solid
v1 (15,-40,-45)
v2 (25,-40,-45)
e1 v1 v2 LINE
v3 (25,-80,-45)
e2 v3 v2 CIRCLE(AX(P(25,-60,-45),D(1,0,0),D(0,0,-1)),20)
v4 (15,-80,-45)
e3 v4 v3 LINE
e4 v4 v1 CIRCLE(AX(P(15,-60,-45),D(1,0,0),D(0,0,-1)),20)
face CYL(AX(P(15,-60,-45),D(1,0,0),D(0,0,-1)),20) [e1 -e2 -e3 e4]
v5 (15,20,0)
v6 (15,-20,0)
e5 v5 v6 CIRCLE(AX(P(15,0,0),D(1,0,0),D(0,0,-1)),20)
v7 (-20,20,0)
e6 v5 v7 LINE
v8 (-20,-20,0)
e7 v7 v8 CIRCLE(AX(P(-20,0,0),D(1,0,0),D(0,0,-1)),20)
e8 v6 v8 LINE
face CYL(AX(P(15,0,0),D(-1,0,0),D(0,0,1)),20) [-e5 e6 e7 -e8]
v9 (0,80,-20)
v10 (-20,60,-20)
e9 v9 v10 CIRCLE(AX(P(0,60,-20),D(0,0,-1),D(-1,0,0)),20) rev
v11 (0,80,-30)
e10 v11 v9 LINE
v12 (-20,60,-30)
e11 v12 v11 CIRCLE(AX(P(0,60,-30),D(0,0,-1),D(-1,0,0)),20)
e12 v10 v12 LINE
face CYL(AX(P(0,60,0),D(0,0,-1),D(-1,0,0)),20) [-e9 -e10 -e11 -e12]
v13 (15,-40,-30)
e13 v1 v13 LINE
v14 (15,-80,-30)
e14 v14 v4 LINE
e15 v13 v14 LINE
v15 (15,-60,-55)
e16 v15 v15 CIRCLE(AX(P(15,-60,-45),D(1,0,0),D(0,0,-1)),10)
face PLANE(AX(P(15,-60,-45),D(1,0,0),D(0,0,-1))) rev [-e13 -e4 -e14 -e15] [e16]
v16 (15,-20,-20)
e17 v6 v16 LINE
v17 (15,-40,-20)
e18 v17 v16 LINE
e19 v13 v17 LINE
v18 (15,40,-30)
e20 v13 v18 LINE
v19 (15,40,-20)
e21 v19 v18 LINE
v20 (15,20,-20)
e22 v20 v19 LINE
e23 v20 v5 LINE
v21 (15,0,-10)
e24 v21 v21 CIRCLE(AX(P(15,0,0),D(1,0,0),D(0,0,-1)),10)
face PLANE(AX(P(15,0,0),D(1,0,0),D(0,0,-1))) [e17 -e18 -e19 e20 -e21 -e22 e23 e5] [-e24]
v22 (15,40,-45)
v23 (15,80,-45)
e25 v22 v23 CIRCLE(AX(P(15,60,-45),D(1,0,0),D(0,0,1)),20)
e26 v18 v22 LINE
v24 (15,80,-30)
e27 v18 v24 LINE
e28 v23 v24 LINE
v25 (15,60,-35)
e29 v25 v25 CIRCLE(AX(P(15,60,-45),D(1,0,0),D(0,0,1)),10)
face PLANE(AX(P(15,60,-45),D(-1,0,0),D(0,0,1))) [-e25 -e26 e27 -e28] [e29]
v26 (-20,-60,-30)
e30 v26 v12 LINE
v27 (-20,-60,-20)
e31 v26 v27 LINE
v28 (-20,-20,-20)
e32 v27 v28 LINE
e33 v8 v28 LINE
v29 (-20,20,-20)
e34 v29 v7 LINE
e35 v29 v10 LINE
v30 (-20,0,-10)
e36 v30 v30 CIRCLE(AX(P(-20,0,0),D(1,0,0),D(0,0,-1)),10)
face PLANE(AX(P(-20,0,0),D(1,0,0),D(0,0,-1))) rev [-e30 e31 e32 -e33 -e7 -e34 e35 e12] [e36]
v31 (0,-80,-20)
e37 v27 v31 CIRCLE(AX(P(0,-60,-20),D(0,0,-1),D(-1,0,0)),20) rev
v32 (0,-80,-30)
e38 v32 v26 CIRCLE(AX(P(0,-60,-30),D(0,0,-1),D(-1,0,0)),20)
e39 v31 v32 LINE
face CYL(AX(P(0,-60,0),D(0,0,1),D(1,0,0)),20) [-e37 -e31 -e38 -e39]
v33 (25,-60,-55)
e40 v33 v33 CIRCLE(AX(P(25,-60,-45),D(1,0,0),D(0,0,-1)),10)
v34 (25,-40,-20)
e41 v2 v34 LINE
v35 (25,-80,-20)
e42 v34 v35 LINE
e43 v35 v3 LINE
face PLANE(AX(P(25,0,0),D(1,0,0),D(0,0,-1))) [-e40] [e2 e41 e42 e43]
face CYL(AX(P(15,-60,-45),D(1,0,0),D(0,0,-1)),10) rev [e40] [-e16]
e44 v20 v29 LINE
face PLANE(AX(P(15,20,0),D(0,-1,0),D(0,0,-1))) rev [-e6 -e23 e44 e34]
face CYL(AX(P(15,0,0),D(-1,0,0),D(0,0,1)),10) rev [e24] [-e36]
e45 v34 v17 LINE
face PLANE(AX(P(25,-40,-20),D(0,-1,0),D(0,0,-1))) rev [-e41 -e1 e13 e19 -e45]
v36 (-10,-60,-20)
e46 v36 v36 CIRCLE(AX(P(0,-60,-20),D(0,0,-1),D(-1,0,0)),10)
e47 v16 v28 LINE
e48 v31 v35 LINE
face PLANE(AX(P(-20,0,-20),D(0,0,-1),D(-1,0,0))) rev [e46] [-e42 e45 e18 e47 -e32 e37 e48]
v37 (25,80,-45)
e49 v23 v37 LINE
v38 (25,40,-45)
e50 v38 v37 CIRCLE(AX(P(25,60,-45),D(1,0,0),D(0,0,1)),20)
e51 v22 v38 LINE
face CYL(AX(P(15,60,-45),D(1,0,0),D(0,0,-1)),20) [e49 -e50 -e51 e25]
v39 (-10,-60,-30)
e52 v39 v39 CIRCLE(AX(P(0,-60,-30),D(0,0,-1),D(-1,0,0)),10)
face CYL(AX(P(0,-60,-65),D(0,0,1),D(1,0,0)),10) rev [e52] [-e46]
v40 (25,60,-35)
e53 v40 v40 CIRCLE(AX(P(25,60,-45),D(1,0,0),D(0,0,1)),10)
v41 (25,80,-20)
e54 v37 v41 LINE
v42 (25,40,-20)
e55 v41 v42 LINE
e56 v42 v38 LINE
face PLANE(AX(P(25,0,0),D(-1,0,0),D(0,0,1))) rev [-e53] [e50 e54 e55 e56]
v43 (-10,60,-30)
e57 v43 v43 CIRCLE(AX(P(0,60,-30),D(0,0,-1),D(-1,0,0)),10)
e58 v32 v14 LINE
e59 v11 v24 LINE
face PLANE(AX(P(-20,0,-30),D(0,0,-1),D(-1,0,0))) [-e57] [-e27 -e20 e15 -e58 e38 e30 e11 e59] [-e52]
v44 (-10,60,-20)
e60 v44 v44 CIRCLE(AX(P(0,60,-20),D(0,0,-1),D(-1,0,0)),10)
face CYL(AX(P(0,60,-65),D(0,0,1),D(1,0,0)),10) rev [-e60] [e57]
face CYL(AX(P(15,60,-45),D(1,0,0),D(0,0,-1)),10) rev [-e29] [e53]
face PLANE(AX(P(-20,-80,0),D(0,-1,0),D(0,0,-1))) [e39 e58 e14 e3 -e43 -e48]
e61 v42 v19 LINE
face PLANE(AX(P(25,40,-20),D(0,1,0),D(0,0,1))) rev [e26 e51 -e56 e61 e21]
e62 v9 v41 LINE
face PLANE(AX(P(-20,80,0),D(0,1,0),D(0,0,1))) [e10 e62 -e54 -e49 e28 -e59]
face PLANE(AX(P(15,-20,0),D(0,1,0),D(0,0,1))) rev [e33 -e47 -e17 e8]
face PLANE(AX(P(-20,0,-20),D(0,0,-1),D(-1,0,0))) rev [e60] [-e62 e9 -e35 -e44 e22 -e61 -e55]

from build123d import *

# Parameters (mm, degrees)
BOSS_EXTRUDE1_DEPTH     = 20
BOSS_EXTRUDE2_DEPTH     = 15
SKETCH1_4_R             = 10
BOSS_EXTRUDE3_DEPTH     = 15
BOSS_EXTRUDE4_START     = -20
SKETCH1_5_R             = 10
BOSS_EXTRUDE4_DEPTH     = 20
FILLET1_R               = 20
SKETCH2_W               = 40
SKETCH2_H               = 10
BOSS_EXTRUDE5_DEPTH     = 10
SKETCH3_R               = 10
BOSS_EXTRUDE6_DEPTH     = 10
CUT_EXTRUDE1_DEPTH      = 107.066017178
CUT_EXTRUDE1_DEPTH_BACK = 107.066017178
SKETCH4_R               = 10


with BuildPart() as part:
    # Sketch1 → Boss-Extrude1 (new body)
    with BuildSketch(Plane.YZ):
        Polygon((20, -20), (-20, -20), (-80, -20), (-80, -30), (80, -30), (80, -20), align=None)
    extrude(amount=-BOSS_EXTRUDE1_DEPTH)

    # Sketch1<3> → Boss-Extrude2 (add)
    with BuildSketch(Plane.YZ):
        Polygon((20, -20), (-20, -20), (-80, -20), (-80, -30), (80, -30), (80, -20), align=None)
    extrude(amount=BOSS_EXTRUDE2_DEPTH)

    # Sketch1<4> → Boss-Extrude3 (add)
    with BuildSketch(Plane.YZ):
        with BuildLine():
            ThreePointArc((20, 0), (0, 20), (-20, 0))
            Line((-20, 0), (-20, -20))
            Line((-20, -20), (20, -20))
            Line((20, -20), (20, 0))
        make_face()
        Circle(SKETCH1_4_R, mode=Mode.SUBTRACT)
    extrude(amount=BOSS_EXTRUDE3_DEPTH)

    # Sketch1<5> → Boss-Extrude4 (add)
    with BuildSketch(Plane.YZ.offset(BOSS_EXTRUDE4_START)):
        with BuildLine():
            ThreePointArc((20, 0), (0, 20), (-20, 0))
            Line((-20, 0), (-20, -20))
            Line((-20, -20), (20, -20))
            Line((20, -20), (20, 0))
        make_face()
        Circle(SKETCH1_5_R, mode=Mode.SUBTRACT)
    extrude(amount=BOSS_EXTRUDE4_DEPTH)

    # Fillet1
    fillet1_edges = [part.edges().sort_by_distance(p)[0] for p in [
        (-20, 80, -25),
        (-20, -80, -25),
    ]]
    fillet(fillet1_edges, radius=FILLET1_R)

    # Sketch2 → Boss-Extrude5 (add)
    with BuildSketch(Plane.YZ.offset(15)):
        with Locations((-60, -25)):
            Rectangle(SKETCH2_W, SKETCH2_H)
        with Locations((60, -25)):
            Rectangle(SKETCH2_W, SKETCH2_H)
    extrude(amount=BOSS_EXTRUDE5_DEPTH)

    # Sketch3 → Boss-Extrude6 (add)
    # profile 1 of 2: a face of its own
    with BuildSketch(Plane.YZ.offset(25)):
        with BuildLine():
            Line((-80, -20), (-40, -20))
            Line((-40, -20), (-40, -45))
            ThreePointArc((-40, -45), (-60, -65), (-80, -45))
            Line((-80, -45), (-80, -20))
        make_face()
        with Locations((-60, -45)):
            Circle(SKETCH3_R, mode=Mode.SUBTRACT)
    # profile 2 of 2: a face of its own
    with BuildSketch(Plane.YZ.offset(25)):
        with BuildLine():
            Line((80, -45), (80, -20))
            Line((80, -20), (40, -20))
            Line((40, -20), (40, -45))
            ThreePointArc((40, -45), (60, -65), (80, -45))
        make_face()
        with Locations((60, -45)):
            Circle(SKETCH3_R, mode=Mode.SUBTRACT)
    extrude(amount=-BOSS_EXTRUDE6_DEPTH)

    # Sketch4 → Cut-Extrude1 (cut, two sides: drawn at the far end of the back side and taken through both)
    with BuildSketch(Plane(origin=(0, 0, 0), x_dir=(0, 1, 0), z_dir=(0, 0, 1)).offset(-CUT_EXTRUDE1_DEPTH_BACK)):
        with Locations((-60, 0)):
            Circle(SKETCH4_R)
        with Locations((60, 0)):
            Circle(SKETCH4_R)
    extrude(amount=CUT_EXTRUDE1_DEPTH + CUT_EXTRUDE1_DEPTH_BACK, mode=Mode.SUBTRACT)


solid = part.part
